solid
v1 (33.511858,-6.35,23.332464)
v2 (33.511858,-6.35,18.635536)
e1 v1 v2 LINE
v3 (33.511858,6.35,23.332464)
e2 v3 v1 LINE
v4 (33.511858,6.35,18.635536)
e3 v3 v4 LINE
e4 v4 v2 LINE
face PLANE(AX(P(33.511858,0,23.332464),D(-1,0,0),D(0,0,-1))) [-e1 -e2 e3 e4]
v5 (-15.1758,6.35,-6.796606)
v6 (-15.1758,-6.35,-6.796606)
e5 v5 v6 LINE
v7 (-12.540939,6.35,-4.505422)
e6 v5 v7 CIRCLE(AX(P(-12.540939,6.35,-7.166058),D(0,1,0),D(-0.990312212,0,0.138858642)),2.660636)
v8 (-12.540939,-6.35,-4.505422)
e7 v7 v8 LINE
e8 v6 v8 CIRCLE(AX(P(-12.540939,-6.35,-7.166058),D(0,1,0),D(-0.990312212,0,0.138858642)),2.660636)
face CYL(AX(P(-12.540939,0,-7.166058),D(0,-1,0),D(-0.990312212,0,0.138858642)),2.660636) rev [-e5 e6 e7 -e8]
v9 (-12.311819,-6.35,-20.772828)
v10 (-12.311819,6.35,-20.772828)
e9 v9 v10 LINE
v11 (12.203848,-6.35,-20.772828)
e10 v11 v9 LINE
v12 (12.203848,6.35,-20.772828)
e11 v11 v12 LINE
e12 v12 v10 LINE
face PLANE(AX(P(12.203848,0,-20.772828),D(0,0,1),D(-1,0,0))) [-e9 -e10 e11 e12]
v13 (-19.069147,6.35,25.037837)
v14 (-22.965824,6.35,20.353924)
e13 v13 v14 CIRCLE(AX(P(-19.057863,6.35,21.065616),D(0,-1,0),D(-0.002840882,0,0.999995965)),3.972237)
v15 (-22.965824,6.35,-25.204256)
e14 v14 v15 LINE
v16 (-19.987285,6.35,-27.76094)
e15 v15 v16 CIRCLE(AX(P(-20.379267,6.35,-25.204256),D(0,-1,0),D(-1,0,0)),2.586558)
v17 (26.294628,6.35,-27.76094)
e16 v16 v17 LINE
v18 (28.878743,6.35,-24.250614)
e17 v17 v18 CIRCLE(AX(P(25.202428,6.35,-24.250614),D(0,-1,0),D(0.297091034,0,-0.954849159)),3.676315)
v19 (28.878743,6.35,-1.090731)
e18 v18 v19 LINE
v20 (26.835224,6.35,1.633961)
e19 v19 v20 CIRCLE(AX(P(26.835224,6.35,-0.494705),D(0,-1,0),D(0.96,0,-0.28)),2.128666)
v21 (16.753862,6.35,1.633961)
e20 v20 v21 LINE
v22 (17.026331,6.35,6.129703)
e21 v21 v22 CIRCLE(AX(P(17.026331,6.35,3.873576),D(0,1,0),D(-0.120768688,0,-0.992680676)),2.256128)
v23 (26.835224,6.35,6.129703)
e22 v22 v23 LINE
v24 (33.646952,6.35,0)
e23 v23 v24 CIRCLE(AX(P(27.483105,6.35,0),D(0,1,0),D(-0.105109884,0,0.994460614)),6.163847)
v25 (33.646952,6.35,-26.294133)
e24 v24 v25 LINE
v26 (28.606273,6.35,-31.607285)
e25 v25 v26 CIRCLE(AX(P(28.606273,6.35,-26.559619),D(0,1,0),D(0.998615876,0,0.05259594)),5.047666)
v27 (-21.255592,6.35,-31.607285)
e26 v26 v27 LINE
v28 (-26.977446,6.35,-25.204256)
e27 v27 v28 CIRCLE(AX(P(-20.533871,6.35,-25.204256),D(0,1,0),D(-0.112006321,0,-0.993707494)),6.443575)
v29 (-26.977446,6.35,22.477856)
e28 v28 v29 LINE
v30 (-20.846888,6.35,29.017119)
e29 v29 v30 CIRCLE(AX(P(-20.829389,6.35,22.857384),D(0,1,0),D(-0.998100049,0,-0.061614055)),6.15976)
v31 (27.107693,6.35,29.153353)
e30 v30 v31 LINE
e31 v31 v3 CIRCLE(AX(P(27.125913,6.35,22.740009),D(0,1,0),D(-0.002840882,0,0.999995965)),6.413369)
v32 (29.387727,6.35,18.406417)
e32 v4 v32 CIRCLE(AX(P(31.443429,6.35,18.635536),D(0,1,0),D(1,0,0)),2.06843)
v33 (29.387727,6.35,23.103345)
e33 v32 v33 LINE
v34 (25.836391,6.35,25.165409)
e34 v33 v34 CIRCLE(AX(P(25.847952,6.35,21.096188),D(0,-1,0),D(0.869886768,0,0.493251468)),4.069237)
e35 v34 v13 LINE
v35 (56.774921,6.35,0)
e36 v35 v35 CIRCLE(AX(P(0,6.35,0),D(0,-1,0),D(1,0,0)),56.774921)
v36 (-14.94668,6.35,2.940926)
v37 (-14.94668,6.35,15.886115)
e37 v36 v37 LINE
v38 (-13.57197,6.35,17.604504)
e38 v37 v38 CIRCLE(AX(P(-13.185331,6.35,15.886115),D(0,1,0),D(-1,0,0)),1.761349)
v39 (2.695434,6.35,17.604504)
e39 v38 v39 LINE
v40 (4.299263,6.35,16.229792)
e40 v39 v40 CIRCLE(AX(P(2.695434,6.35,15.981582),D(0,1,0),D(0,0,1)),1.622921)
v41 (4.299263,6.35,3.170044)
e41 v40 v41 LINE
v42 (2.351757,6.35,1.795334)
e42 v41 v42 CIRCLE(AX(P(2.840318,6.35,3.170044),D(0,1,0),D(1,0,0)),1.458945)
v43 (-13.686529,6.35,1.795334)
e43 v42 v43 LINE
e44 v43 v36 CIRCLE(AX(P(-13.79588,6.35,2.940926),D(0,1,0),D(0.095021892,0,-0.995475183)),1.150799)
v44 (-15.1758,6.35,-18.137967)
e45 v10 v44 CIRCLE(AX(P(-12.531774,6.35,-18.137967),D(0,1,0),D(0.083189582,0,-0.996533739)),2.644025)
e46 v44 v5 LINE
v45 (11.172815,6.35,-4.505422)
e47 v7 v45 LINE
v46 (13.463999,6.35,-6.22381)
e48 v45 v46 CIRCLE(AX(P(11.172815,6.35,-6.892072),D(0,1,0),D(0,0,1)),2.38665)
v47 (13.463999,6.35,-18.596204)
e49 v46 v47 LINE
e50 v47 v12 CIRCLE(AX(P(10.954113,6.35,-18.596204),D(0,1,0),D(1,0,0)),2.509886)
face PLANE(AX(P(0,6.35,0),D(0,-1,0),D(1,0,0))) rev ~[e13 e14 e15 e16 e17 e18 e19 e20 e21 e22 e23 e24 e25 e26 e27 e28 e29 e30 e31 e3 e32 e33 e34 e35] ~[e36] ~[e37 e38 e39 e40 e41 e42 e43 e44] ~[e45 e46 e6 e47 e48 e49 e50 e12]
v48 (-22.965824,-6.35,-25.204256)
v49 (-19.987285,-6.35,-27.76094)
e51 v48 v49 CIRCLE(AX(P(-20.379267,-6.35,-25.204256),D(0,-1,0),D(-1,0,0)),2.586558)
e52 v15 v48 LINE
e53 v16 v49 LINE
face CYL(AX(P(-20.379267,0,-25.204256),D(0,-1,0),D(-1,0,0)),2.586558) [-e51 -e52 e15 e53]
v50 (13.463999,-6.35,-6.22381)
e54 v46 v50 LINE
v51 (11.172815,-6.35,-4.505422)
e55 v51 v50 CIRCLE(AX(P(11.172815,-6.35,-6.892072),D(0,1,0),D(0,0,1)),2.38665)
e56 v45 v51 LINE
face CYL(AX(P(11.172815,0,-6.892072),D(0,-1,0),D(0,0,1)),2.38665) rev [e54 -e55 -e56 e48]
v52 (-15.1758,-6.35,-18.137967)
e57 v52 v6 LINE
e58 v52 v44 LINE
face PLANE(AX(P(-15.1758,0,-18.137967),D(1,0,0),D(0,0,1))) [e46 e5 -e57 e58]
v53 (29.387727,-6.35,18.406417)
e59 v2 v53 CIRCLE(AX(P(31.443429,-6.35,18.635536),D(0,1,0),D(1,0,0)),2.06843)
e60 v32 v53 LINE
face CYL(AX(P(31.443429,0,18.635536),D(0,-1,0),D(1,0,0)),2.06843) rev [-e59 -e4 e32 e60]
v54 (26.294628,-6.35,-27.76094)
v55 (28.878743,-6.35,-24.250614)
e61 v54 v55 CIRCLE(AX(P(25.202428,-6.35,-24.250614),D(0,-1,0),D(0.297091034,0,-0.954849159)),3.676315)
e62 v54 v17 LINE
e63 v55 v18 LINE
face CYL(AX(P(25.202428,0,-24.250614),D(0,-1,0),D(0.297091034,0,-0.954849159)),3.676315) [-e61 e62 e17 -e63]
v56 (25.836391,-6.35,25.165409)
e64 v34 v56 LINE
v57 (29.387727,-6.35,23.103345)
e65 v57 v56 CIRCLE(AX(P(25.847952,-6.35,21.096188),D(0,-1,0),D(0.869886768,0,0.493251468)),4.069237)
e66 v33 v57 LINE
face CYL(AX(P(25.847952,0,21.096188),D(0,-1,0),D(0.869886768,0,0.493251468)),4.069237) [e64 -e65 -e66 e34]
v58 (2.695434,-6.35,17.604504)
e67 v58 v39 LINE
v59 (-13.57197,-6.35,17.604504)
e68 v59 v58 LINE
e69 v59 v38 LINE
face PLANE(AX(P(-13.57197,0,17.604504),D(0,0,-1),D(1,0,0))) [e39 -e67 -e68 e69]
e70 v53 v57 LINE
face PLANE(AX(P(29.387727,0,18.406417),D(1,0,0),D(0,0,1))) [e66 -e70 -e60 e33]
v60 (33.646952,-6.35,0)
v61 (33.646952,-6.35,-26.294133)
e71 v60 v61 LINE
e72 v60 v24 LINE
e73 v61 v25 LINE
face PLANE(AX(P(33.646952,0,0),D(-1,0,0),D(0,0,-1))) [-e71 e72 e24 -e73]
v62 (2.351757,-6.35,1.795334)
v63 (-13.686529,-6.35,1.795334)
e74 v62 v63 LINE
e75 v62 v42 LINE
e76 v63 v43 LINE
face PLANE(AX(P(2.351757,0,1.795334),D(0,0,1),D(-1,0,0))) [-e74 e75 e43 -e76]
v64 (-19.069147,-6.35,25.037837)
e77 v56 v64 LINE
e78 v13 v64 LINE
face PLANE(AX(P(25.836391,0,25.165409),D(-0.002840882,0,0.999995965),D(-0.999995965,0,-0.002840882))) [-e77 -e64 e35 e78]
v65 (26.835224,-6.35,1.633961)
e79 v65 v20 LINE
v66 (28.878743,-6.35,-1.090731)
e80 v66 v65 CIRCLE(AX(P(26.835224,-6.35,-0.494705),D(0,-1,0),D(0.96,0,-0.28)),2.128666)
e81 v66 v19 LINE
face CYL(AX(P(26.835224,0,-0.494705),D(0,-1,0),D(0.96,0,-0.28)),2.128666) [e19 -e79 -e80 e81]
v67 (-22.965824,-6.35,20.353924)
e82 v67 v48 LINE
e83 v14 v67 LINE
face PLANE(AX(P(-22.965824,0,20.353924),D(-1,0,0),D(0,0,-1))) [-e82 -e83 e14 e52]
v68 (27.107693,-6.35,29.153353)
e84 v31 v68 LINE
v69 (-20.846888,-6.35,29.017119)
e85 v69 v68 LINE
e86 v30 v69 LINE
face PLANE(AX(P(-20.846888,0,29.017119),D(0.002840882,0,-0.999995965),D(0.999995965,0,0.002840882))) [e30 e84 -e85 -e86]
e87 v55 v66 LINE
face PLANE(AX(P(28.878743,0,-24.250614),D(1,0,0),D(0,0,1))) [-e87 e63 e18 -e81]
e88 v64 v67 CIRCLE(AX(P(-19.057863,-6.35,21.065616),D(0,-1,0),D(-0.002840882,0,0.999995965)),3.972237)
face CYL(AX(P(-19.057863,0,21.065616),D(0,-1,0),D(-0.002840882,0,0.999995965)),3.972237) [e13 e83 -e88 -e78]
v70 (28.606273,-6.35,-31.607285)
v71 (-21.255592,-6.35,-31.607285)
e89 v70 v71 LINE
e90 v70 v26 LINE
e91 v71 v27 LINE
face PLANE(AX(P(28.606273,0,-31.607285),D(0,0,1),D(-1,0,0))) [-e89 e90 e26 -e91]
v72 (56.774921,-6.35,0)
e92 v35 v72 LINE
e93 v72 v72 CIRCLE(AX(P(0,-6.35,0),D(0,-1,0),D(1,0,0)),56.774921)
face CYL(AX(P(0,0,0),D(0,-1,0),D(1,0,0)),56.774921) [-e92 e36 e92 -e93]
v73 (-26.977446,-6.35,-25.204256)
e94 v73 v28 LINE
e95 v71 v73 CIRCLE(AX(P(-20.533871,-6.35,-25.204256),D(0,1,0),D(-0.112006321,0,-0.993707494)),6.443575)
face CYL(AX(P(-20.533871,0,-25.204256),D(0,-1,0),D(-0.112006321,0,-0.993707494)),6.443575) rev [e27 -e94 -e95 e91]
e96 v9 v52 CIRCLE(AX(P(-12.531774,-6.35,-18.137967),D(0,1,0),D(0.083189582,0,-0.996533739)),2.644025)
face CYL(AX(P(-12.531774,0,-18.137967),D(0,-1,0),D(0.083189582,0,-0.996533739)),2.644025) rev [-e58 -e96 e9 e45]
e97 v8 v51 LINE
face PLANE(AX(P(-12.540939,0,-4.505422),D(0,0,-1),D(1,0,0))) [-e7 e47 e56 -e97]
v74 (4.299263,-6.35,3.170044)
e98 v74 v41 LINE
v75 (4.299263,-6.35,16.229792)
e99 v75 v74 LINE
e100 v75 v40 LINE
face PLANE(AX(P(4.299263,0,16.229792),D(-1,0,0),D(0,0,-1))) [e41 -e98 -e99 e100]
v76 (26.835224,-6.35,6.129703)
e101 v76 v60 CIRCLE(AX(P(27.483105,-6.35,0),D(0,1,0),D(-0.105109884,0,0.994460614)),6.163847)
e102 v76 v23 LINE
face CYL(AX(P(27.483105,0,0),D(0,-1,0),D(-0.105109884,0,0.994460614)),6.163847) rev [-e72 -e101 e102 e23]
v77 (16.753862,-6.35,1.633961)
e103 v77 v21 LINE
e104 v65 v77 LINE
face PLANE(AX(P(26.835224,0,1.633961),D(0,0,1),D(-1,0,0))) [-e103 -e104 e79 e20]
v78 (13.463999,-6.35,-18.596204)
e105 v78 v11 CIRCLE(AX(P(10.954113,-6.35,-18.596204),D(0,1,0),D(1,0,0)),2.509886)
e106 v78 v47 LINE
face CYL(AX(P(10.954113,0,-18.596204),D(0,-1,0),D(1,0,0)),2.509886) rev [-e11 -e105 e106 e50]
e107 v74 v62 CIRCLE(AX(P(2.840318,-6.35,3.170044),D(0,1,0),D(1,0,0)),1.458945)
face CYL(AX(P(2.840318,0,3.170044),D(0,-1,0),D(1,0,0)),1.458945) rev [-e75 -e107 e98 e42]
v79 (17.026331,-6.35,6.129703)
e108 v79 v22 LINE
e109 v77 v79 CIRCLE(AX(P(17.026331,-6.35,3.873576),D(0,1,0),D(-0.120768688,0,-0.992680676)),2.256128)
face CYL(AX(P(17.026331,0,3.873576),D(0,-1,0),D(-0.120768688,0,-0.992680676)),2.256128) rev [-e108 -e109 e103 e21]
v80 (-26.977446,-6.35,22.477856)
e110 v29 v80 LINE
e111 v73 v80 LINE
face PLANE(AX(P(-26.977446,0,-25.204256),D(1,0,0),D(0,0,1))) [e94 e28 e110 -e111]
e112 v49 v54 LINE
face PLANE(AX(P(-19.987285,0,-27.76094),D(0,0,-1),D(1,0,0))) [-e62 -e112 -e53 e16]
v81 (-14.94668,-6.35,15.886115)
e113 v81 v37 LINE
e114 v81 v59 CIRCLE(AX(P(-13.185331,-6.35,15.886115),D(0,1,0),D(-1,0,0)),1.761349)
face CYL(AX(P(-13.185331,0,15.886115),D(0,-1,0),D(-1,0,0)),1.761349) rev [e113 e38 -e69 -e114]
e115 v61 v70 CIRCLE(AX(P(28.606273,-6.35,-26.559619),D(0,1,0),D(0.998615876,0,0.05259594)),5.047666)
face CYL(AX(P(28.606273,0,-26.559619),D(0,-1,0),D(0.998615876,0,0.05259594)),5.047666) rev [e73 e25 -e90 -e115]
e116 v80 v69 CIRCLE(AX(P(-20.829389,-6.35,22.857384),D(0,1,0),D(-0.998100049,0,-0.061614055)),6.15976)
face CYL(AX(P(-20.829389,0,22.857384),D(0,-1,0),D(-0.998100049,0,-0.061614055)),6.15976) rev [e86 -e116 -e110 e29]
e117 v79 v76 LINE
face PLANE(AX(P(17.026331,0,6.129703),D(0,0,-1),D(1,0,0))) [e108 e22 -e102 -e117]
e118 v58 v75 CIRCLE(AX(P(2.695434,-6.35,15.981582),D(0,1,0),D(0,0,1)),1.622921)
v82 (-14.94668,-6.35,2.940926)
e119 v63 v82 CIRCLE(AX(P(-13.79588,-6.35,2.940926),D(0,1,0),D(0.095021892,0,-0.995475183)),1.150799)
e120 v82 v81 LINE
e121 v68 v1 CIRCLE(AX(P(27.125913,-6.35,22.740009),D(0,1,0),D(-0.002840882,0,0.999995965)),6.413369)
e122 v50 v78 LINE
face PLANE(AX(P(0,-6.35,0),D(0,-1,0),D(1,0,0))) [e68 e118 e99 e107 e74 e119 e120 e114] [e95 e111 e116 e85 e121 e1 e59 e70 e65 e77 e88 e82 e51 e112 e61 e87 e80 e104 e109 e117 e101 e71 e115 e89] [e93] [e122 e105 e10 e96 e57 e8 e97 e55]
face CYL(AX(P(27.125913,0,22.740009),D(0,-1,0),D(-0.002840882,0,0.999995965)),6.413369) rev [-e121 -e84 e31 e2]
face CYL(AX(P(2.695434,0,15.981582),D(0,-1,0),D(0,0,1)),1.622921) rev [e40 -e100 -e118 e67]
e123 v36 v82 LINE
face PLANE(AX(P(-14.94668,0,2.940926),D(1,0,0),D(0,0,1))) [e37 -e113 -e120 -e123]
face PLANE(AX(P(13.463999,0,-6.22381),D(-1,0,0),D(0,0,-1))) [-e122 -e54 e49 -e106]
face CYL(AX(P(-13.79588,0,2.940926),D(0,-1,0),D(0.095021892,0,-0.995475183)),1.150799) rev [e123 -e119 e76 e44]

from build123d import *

# Parameters (mm, degrees)
F0_R     = 56.7749208615
F1_DEPTH = 6.35


with BuildPart() as f1:
    # F0 (on Front) → F1 (new body, symmetric)
    with BuildSketch(Plane.XZ):
        Circle(F0_R)
        with BuildLine():
            ThreePointArc((-15.1757998392, -6.796605885), (-14.2867924938, -5.1583277163), (-12.540939264, -4.5054219663))
            Line((-12.540939264, -4.5054219663), (11.172815226, -4.5054219663))
            ThreePointArc((11.172815226, -4.5054219663), (12.6048051752, -4.9827519494), (13.4639991447, -6.2238099054))
            Line((13.4639991447, -6.2238099054), (13.4639991447, -18.5962039977))
            ThreePointArc((13.4639991447, -18.5962039977), (13.1262341985, -19.8537484367), (12.2038479894, -20.7728277892))
            Line((12.2038479894, -20.7728277892), (-12.3118190095, -20.7728277892))
            ThreePointArc((-12.3118190095, -20.7728277892), (-14.3219284276, -20.0837881489), (-15.1757998392, -18.137967214))
            Line((-15.1757998392, -18.137967214), (-15.1757998392, -6.796605885))
        make_face(mode=Mode.SUBTRACT)
        with BuildLine():
            ThreePointArc((-26.9774459302, 22.4778559059), (-25.3231637656, 27.0702963223), (-20.846888423, 29.0171187371))
            Line((-20.846888423, 29.0171187371), (27.1076932549, 29.1533526033))
            ThreePointArc((27.1076932549, 29.1533526033), (31.4395738124, 27.4859162931), (33.5118584335, 23.3324635774))
            Line((33.5118584335, 23.3324635774), (33.5118584335, 18.6355356127))
            ThreePointArc((33.5118584335, 18.6355356127), (31.5581643555, 16.5702903376), (29.3877273798, 18.4064172208))
            Line((29.3877273798, 18.4064172208), (29.3877273798, 23.1033451855))
            ThreePointArc((29.3877273798, 23.1033451855), (27.891258451, 24.6152204275), (25.8363913745, 25.1654088497))
            Line((25.8363913745, 25.1654088497), (-19.0691473496, 25.0378369902))
            ThreePointArc((-19.0691473496, 25.0378369902), (-22.1115296322, 23.6060461889), (-22.9658242315, 20.3539244831))
            Line((-22.9658242315, 20.3539244831), (-22.9658242315, -25.2042561769))
            ThreePointArc((-22.9658242315, -25.2042561769), (-22.0639620759, -27.1669281843), (-19.9872851372, -27.7609396726))
            Line((-19.9872851372, -27.7609396726), (26.2946281582, -27.7609396726))
            ThreePointArc((26.2946281582, -27.7609396726), (28.1630497562, -26.4300651934), (28.878742829, -24.2506135255))
            Line((28.878742829, -24.2506135255), (28.878742829, -1.0907310061))
            ThreePointArc((28.878742829, -1.0907310061), (28.5381563008, 0.7824948989), (26.8352236599, 1.6339612193))
            Line((26.8352236599, 1.6339612193), (16.7538616806, 1.6339612193))
            ThreePointArc((16.7538616806, 1.6339612193), (14.7743355944, 4.0100604569), (17.0263312757, 6.1297034845))
            Line((17.0263312757, 6.1297034845), (26.8352236599, 6.1297034845))
            ThreePointArc((26.8352236599, 6.1297034845), (31.6061847151, 4.5818367688), (33.6469523609, 0))
            Line((33.6469523609, 0), (33.6469523609, -26.2941326946))
            ThreePointArc((33.6469523609, -26.2941326946), (32.268172843, -30.0337265714), (28.6062732339, -31.6072851419))
            Line((28.6062732339, -31.6072851419), (-21.2555918843, -31.6072851419))
            ThreePointArc((-21.2555918843, -31.6072851419), (-25.3385624939, -29.4978092991), (-26.9774459302, -25.2042561769))
            Line((-26.9774459302, -25.2042561769), (-26.9774459302, 22.4778559059))
        make_face(mode=Mode.SUBTRACT)
        with BuildLine():
            Line((-14.9466795847, 2.9409257695), (-14.9466795847, 15.8861149102))
            ThreePointArc((-14.9466795847, 15.8861149102), (-14.5607137219, 16.9864201291), (-13.5719701648, 17.6045037806))
            Line((-13.5719701648, 17.6045037806), (2.6954344939, 17.6045037806))
            ThreePointArc((2.6954344939, 17.6045037806), (3.7516186116, 17.2137954016), (4.2992630042, 16.2297915667))
            Line((4.2992630042, 16.2297915667), (4.2992630042, 3.1700441614))
            ThreePointArc((4.2992630042, 3.1700441614), (3.6816672327, 1.9781331281), (2.351757139, 1.7953338102))
            Line((2.351757139, 1.7953338102), (-13.6865293607, 1.7953338102))
            ThreePointArc((-13.6865293607, 1.7953338102), (-14.569992039, 2.0894036729), (-14.9466795847, 2.9409257695))
        make_face(mode=Mode.SUBTRACT)
    extrude(amount=F1_DEPTH, both=True)


solid = f1.part
